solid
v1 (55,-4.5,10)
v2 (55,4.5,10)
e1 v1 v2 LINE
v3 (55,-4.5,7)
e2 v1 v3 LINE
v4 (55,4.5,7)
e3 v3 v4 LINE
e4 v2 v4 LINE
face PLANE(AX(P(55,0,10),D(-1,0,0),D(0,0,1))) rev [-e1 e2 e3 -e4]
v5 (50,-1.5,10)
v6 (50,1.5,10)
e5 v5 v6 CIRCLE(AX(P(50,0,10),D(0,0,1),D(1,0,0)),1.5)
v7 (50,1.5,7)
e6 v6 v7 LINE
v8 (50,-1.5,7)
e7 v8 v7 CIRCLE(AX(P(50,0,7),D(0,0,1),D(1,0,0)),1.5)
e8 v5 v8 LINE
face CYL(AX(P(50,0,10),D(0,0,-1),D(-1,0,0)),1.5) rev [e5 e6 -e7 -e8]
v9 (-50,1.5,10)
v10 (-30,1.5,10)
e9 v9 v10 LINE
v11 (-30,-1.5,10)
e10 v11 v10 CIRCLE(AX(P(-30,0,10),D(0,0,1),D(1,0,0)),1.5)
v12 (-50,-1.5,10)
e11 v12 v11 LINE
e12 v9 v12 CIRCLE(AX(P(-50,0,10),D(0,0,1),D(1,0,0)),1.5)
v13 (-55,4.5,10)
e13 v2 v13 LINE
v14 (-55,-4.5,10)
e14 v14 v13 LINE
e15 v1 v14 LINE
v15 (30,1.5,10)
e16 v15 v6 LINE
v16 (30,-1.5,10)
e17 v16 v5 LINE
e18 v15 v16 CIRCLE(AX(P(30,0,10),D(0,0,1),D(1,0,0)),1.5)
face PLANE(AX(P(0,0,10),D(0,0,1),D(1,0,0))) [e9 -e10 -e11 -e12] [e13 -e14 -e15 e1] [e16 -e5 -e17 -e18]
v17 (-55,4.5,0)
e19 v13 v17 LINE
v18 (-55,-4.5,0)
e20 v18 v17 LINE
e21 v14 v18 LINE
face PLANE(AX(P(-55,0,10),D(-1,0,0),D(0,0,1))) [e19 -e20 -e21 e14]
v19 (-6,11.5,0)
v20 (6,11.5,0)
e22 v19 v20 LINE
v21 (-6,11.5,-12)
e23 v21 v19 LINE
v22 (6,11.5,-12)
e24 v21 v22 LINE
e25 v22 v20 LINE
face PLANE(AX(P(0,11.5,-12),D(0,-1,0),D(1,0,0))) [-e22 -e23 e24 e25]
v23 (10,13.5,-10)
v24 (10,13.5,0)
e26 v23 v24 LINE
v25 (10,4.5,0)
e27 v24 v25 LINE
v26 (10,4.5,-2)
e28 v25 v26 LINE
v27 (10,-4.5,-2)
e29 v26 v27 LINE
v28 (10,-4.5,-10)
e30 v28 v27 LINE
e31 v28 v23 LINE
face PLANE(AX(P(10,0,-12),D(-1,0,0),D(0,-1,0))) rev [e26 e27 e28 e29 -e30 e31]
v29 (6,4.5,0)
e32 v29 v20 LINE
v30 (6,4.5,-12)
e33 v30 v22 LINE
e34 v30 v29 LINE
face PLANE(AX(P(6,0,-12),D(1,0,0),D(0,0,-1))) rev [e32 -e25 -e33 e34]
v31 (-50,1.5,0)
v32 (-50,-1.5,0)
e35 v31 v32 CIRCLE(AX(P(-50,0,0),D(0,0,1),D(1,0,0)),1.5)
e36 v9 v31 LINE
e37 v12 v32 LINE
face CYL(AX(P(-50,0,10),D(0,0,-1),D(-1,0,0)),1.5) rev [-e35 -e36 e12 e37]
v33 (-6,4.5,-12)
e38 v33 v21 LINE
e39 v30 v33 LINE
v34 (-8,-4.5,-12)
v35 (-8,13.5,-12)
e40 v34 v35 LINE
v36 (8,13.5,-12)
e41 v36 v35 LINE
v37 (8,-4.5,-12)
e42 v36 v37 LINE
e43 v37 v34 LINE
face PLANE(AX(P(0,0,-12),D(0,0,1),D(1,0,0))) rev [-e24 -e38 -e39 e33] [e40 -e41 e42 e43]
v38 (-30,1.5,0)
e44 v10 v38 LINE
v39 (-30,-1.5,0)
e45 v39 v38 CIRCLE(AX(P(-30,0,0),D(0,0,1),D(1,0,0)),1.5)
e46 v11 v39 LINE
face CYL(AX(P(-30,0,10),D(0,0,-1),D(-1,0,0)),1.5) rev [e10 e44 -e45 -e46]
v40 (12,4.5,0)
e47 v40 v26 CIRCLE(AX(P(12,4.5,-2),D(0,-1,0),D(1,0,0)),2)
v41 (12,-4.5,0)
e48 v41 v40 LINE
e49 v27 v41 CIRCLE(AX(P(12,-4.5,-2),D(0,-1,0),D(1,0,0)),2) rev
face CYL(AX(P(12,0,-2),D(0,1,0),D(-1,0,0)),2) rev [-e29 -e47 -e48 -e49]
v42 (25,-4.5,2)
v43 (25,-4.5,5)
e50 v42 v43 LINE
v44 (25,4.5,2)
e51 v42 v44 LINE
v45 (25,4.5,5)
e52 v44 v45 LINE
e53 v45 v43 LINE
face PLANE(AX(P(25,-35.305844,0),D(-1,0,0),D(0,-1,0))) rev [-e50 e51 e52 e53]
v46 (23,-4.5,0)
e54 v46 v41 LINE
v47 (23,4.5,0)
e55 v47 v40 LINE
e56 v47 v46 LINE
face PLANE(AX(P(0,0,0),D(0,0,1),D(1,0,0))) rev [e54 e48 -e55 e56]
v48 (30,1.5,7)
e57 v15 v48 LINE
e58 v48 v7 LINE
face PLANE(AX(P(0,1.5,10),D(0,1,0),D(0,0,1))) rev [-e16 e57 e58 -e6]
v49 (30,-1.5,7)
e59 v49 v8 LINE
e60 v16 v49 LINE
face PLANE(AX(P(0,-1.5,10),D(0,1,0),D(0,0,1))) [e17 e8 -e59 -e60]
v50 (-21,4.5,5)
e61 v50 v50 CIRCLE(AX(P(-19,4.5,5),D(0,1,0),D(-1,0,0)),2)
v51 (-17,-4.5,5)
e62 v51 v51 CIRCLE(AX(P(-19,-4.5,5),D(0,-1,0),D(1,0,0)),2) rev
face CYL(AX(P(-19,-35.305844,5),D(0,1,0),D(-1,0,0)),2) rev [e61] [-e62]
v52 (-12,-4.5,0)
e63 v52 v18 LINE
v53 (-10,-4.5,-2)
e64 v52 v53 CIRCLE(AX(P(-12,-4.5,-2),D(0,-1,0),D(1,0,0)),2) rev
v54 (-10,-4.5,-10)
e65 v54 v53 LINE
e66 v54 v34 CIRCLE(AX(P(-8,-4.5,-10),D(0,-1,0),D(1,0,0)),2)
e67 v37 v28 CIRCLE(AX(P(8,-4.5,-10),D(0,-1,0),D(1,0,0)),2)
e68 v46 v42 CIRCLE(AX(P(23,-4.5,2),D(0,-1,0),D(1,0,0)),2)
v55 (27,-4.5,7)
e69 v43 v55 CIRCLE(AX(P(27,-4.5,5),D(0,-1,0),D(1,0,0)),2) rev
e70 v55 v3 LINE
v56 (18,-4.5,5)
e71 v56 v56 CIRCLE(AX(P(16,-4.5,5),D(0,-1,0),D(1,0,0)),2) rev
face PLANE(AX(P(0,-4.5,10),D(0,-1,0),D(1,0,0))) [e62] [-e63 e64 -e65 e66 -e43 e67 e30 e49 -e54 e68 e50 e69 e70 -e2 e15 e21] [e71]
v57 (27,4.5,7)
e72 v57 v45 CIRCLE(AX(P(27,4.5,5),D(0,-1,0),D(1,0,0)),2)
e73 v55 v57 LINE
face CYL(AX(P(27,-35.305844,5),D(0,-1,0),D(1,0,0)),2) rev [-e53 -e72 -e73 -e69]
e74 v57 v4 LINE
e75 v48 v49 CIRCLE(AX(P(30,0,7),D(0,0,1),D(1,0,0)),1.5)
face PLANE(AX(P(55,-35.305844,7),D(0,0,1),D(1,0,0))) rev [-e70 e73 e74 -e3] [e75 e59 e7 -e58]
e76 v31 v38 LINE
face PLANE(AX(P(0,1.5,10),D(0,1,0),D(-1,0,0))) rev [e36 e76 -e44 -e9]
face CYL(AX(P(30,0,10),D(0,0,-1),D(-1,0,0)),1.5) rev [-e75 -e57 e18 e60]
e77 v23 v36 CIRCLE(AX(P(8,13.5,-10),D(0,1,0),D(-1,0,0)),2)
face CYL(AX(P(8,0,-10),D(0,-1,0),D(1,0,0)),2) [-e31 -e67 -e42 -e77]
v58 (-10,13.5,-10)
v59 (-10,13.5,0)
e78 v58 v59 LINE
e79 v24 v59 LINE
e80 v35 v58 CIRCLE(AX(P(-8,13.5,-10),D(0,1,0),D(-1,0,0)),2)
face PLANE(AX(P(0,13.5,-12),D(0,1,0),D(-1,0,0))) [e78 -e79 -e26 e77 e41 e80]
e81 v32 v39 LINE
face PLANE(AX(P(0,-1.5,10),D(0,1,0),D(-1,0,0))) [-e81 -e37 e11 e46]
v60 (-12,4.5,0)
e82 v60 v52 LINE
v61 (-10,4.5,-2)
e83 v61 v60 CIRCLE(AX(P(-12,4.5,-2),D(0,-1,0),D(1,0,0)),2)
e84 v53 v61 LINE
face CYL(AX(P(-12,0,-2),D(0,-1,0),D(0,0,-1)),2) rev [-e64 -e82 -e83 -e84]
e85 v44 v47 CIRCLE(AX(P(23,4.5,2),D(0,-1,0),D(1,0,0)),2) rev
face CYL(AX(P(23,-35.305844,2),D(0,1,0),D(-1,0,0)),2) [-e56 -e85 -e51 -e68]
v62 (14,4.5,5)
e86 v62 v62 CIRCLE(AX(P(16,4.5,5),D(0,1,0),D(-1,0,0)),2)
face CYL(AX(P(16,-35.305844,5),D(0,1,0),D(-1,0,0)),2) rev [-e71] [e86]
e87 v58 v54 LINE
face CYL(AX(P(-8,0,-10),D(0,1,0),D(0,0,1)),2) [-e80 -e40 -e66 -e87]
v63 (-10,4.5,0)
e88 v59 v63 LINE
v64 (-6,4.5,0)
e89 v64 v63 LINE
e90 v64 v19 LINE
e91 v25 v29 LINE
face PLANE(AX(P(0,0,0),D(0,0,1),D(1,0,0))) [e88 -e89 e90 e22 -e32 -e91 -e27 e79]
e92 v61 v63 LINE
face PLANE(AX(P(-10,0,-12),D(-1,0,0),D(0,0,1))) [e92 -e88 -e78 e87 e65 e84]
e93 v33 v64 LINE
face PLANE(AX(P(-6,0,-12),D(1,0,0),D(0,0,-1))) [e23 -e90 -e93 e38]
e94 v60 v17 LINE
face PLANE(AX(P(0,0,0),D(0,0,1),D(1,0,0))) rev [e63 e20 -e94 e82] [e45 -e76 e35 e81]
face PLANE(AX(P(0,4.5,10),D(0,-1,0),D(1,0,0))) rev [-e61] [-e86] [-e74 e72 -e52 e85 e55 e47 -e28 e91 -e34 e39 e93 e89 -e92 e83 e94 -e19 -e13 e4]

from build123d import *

# Parameters (mm, degrees)
ESBO_O1_W                = 45
ESBO_O1_H                = 9
RESSALTO_EXTRUS_O2_DEPTH = 10
RESSALTO_EXTRUS_O3_DEPTH = 12
ESBO_O2_R                = 2
ESBO_O2_W                = 30
ESBO_O2_H                = 7
CORTE_EXTRUS_O4_DEPTH    = 9
FILETE2_R                = 2


with BuildPart() as part:
    # Esboço1 → Ressalto-extrusão2 (new body)
    with BuildSketch(Plane.XY):
        with Locations((32.5, 0)):
            Rectangle(ESBO_O1_W, ESBO_O1_H)
        with BuildLine():
            ThreePointArc((30, -1.5), (28.5, 0), (30, 1.5))
            Line((30, 1.5), (50, 1.5))
            ThreePointArc((50, 1.5), (51.5, 0), (50, -1.5))
            Line((50, -1.5), (30, -1.5))
        make_face(mode=Mode.SUBTRACT)
        Polygon((6, 4.5), (-6, 4.5), (-10, 4.5), (-10, -4.5), (10, -4.5), (10, 4.5), align=None)
        with Locations((-32.5, 0)):
            Rectangle(ESBO_O1_W, ESBO_O1_H)
        with BuildLine():
            ThreePointArc((-50, -1.5), (-51.5, 0), (-50, 1.5))
            Line((-50, 1.5), (-30, 1.5))
            ThreePointArc((-30, 1.5), (-28.5, 0), (-30, -1.5))
            Line((-30, -1.5), (-50, -1.5))
        make_face(mode=Mode.SUBTRACT)
    extrude(amount=RESSALTO_EXTRUS_O2_DEPTH)

    # Esboço1<5> → Ressalto-extrusão3 (add)
    with BuildSketch(Plane.XY):
        Polygon((6, 4.5), (-6, 4.5), (-10, 4.5), (-10, -4.5), (10, -4.5), (10, 4.5), align=None)
        Polygon((-10, 4.5), (-6, 4.5), (-6, 11.5), (6, 11.5), (6, 4.5), (10, 4.5), (10, 13.5), (-10, 13.5), align=None)
    extrude(amount=-RESSALTO_EXTRUS_O3_DEPTH)

    # Esboço2 → Corte-extrusão4 (cut)
    with BuildSketch(Plane(origin=(0, 4.5, 0), x_dir=(1, 0, 0), z_dir=(0, 1, 0))):
        with Locations((-19, -5)):
            Circle(ESBO_O2_R)
        with Locations((16, -5)):
            Circle(ESBO_O2_R)
        with Locations((40, -3.5)):
            Rectangle(ESBO_O2_W, ESBO_O2_H)
    extrude(amount=-CORTE_EXTRUS_O4_DEPTH, mode=Mode.SUBTRACT)

    # Filete2
    filete2_edges = [part.edges().sort_by_distance(p)[0] for p in [
        (-10, 0, 0),
        (10, 0, 0),
        (-10, 4.5, -12),
        (10, 4.5, -12),
        (25, 0, 0),
        (25, 0, 7),
    ]]
    fillet(filete2_edges, radius=FILETE2_R)


solid = part.part
